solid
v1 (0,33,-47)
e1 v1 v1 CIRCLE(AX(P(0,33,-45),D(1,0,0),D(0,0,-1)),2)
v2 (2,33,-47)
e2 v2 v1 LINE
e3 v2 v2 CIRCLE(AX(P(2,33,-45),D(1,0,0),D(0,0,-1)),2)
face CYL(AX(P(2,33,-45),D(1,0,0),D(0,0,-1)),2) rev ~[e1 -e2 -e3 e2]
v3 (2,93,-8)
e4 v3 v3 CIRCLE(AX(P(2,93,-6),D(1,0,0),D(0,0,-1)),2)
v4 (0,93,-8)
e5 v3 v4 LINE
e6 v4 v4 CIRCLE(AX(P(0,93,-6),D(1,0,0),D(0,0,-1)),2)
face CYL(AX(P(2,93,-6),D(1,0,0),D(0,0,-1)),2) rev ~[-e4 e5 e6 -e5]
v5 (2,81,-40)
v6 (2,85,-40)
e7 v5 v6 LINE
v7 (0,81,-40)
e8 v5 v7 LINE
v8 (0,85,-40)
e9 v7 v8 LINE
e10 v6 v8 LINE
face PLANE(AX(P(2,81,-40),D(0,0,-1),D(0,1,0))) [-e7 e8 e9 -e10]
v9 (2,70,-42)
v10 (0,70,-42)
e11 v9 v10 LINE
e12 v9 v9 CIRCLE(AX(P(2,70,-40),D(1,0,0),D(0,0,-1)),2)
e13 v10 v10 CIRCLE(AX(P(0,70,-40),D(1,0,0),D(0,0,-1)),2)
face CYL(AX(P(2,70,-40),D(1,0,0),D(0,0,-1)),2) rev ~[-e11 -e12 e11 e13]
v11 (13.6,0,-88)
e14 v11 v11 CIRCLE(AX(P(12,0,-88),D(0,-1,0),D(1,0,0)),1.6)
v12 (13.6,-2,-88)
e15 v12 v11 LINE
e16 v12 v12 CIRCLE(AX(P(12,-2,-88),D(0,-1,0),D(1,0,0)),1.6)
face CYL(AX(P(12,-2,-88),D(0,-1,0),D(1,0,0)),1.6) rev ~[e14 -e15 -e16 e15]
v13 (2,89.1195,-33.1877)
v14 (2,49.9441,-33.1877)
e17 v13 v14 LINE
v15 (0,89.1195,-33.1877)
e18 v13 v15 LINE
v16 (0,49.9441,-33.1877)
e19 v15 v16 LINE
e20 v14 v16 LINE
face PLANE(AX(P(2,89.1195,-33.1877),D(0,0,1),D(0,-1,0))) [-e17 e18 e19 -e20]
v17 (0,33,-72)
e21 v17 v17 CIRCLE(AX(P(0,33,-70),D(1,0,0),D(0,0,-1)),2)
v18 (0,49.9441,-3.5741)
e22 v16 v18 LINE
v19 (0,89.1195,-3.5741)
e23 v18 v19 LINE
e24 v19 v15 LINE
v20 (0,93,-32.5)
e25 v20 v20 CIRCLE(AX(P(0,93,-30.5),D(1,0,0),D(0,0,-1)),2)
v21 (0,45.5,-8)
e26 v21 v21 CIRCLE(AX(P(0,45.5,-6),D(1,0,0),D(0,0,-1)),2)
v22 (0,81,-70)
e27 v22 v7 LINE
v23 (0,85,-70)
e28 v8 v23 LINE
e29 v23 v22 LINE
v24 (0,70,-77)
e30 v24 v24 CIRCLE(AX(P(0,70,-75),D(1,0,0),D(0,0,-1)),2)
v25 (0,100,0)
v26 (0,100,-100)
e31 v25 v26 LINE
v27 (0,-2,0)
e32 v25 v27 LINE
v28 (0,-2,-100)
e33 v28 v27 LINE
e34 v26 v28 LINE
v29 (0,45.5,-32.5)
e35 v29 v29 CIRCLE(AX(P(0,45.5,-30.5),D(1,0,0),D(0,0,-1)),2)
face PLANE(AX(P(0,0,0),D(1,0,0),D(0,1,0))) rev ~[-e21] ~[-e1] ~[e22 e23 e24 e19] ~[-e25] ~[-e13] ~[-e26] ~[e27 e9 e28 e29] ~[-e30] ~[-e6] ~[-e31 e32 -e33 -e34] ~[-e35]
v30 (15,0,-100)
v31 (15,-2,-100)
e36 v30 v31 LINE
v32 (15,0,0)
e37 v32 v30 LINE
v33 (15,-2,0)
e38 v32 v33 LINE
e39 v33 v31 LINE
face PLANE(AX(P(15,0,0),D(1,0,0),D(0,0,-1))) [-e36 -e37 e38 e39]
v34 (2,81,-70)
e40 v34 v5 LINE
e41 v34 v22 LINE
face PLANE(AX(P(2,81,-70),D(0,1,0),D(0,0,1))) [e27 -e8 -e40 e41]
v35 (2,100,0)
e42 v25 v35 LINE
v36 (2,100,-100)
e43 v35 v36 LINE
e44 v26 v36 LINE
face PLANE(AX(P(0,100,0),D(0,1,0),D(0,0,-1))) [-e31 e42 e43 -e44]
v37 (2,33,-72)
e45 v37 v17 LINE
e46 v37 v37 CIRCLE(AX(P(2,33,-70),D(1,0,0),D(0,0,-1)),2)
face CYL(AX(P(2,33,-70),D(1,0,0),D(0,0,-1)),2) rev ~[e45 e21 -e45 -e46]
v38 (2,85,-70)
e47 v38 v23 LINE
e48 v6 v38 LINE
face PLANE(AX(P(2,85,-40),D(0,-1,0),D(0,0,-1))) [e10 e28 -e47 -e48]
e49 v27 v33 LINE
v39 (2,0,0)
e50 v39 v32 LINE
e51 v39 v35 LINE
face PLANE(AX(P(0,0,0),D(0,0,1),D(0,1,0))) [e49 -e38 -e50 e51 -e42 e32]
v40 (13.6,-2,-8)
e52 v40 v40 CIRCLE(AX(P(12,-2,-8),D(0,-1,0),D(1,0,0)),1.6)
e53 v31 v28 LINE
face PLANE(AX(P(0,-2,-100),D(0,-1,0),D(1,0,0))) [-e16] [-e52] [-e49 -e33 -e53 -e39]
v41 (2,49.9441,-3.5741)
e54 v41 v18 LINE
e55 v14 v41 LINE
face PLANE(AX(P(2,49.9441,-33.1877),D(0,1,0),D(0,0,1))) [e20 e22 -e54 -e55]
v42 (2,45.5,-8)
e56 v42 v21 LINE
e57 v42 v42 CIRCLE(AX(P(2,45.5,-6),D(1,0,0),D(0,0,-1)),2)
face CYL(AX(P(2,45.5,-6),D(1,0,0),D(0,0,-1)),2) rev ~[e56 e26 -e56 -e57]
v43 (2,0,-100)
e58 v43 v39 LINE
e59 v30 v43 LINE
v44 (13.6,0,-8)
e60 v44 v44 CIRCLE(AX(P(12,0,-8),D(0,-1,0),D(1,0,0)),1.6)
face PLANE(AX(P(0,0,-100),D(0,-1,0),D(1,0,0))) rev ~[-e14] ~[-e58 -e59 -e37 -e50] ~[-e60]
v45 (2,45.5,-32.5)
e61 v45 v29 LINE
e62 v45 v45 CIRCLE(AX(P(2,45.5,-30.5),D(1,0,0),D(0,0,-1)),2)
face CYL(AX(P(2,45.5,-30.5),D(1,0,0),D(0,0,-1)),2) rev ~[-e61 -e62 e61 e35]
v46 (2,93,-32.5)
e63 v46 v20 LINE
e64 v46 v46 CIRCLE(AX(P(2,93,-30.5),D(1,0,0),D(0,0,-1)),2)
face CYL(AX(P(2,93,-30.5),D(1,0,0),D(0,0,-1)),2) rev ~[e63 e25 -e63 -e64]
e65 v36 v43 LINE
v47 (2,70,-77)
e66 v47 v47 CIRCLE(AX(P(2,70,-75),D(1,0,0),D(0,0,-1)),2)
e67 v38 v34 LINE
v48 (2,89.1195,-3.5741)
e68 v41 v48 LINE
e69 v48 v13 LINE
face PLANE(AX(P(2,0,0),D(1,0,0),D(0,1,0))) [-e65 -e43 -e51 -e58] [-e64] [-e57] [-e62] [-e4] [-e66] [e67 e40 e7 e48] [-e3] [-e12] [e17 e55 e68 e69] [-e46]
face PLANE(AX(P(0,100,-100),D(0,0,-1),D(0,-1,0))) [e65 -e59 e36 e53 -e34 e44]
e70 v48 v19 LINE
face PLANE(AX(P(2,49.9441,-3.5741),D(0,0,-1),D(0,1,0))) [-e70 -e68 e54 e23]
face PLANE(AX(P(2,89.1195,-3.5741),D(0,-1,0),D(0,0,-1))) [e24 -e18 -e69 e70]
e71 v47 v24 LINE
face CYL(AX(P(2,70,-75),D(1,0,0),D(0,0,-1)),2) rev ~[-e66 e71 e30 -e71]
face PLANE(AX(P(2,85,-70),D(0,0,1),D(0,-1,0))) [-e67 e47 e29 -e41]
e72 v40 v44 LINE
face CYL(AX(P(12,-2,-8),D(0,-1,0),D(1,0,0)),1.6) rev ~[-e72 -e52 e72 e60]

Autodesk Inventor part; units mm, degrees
ref_plane "YZ Plane" through (0, 0, 0) normal (1, 0, 0) x (0, 1, 0)
ref_plane "XZ Plane" through (0, 0, 0) normal (0, 1, 0) x (-1, 0, 0)
ref_plane "XY Plane" through (0, 0, 0) normal (0, 0, 1) x (1, 0, 0)
sketch "草图1" plane through (0, 0, 0) normal (1, 0, 0) x (0, 1, 0)
  line L0 (0, 0) -> (100, 0)
  line L1 (100, 0) -> (100, -100)
  line L2 (100, -100) -> (0, -100)
  line L3 (0, -100) -> (0, 0)
  dimension "d0" = 100
  dimension "d1" = 100
extrude "拉伸1" add sketch "草图1" along normal blind 2
sketch "草图2" plane through (0, 0, -100) normal (0, -1, 0) x (1, 0, 0)
  line L0 (0, 0) -> (0, 100) projected
  line L1 (0, 100) -> (15, 100)
  line L2 (15, 100) -> (15, 0)
  line L3 (15, 0) -> (0, 0)
  line L4 (0, 0) -> (0, 100)
  dimension "d30" = 15
extrude "拉伸2" add sketch "草图2" along normal blind 2
sketch "草图3" plane through (0, -2, -100) normal (0, -1, 0) x (1, 0, 0)
  circle A0 centre (12, 92) radius 1.6
  line L0 (0, 100) -> (0, 0) projected
  circle A1 centre (12, 12) radius 1.6
  line L1 (0, 0) -> (15, 0) projected
  dimension "d6" = 12
  dimension "d7" = 12
  dimension "d8" = 80
  dimension "d9" = 12
  dimension "d12" = 3.2
  dimension "d13" = 3.2
extrude "拉伸3" cut sketch "草图3" against normal blind 2
sketch "草图4" plane through (2, 0, 0) normal (1, 0, 0) x (0, 0, -1)
  line L0 (40, 85) -> (70, 85)
  line L1 (70, 85) -> (70, 81)
  line L2 (70, 81) -> (40, 81)
  line L3 (40, 81) -> (40, 85)
  line L4 (100, 100) -> (0, 100) projected
  line L5 (0, 100) -> (0, 0) projected
  circle A0 centre (40, 70) radius 2
  circle A1 centre (75, 70) radius 2
  circle A2 centre (70, 33) radius 2
  circle A3 centre (45, 33) radius 2
  point P0 (40, 83)
  point P1 (70, 83)
  dimension "d14" = 30
  dimension "d15" = 15
  dimension "d16" = 40
  dimension "d17" = 4
  dimension "d18" = 13
  dimension "d19" = 13
  dimension "d20" = 35
  dimension "d21" = 5
  dimension "d22" = 37
  dimension "d23" = 25
  dimension "d24" = 4
  dimension "d25" = 4
  dimension "d26" = 4
  dimension "d27" = 4
extrude "拉伸4" cut sketch "草图4" against normal blind 2
sketch "草图5" plane through (2, 0, 0) normal (1, 0, 0) x (0, 0, -1)
  circle A0 centre (6, 93) radius 2
  circle A1 centre (30.5, 93) radius 2
  circle A2 centre (6, 45.5) radius 2
  line L0 (100, 100) -> (0, 100) projected
  line L1 (0, 100) -> (0, 0) projected
  circle A3 centre (30.5, 45.5) radius 2
  dimension "d31" = 4
  dimension "d32" = 4
  dimension "d33" = 24.5
  dimension "d34" = 47.5
  dimension "d35" = 7
  dimension "d36" = 7
  dimension "d37" = 6
  dimension "d38" = 6
  dimension "d39" = 4
  dimension "d40" = 4
sketch "草图6" plane through (2, 0, 0) normal (1, 0, 0) x (0, 0, -1)
  line L0 (3.5741, 89.1195) -> (33.1877, 89.1195)
  line L1 (33.1877, 89.1195) -> (33.1877, 49.9441)
  line L2 (33.1877, 49.9441) -> (3.5741, 49.9441)
  line L3 (3.5741, 49.9441) -> (3.5741, 89.1195)
  point P0 (0, 0)
extrude "拉伸5" cut sketch "草图6" against normal blind 2
extrude "拉伸6" cut sketch "草图5" against normal blind 2
properties part number "板"
